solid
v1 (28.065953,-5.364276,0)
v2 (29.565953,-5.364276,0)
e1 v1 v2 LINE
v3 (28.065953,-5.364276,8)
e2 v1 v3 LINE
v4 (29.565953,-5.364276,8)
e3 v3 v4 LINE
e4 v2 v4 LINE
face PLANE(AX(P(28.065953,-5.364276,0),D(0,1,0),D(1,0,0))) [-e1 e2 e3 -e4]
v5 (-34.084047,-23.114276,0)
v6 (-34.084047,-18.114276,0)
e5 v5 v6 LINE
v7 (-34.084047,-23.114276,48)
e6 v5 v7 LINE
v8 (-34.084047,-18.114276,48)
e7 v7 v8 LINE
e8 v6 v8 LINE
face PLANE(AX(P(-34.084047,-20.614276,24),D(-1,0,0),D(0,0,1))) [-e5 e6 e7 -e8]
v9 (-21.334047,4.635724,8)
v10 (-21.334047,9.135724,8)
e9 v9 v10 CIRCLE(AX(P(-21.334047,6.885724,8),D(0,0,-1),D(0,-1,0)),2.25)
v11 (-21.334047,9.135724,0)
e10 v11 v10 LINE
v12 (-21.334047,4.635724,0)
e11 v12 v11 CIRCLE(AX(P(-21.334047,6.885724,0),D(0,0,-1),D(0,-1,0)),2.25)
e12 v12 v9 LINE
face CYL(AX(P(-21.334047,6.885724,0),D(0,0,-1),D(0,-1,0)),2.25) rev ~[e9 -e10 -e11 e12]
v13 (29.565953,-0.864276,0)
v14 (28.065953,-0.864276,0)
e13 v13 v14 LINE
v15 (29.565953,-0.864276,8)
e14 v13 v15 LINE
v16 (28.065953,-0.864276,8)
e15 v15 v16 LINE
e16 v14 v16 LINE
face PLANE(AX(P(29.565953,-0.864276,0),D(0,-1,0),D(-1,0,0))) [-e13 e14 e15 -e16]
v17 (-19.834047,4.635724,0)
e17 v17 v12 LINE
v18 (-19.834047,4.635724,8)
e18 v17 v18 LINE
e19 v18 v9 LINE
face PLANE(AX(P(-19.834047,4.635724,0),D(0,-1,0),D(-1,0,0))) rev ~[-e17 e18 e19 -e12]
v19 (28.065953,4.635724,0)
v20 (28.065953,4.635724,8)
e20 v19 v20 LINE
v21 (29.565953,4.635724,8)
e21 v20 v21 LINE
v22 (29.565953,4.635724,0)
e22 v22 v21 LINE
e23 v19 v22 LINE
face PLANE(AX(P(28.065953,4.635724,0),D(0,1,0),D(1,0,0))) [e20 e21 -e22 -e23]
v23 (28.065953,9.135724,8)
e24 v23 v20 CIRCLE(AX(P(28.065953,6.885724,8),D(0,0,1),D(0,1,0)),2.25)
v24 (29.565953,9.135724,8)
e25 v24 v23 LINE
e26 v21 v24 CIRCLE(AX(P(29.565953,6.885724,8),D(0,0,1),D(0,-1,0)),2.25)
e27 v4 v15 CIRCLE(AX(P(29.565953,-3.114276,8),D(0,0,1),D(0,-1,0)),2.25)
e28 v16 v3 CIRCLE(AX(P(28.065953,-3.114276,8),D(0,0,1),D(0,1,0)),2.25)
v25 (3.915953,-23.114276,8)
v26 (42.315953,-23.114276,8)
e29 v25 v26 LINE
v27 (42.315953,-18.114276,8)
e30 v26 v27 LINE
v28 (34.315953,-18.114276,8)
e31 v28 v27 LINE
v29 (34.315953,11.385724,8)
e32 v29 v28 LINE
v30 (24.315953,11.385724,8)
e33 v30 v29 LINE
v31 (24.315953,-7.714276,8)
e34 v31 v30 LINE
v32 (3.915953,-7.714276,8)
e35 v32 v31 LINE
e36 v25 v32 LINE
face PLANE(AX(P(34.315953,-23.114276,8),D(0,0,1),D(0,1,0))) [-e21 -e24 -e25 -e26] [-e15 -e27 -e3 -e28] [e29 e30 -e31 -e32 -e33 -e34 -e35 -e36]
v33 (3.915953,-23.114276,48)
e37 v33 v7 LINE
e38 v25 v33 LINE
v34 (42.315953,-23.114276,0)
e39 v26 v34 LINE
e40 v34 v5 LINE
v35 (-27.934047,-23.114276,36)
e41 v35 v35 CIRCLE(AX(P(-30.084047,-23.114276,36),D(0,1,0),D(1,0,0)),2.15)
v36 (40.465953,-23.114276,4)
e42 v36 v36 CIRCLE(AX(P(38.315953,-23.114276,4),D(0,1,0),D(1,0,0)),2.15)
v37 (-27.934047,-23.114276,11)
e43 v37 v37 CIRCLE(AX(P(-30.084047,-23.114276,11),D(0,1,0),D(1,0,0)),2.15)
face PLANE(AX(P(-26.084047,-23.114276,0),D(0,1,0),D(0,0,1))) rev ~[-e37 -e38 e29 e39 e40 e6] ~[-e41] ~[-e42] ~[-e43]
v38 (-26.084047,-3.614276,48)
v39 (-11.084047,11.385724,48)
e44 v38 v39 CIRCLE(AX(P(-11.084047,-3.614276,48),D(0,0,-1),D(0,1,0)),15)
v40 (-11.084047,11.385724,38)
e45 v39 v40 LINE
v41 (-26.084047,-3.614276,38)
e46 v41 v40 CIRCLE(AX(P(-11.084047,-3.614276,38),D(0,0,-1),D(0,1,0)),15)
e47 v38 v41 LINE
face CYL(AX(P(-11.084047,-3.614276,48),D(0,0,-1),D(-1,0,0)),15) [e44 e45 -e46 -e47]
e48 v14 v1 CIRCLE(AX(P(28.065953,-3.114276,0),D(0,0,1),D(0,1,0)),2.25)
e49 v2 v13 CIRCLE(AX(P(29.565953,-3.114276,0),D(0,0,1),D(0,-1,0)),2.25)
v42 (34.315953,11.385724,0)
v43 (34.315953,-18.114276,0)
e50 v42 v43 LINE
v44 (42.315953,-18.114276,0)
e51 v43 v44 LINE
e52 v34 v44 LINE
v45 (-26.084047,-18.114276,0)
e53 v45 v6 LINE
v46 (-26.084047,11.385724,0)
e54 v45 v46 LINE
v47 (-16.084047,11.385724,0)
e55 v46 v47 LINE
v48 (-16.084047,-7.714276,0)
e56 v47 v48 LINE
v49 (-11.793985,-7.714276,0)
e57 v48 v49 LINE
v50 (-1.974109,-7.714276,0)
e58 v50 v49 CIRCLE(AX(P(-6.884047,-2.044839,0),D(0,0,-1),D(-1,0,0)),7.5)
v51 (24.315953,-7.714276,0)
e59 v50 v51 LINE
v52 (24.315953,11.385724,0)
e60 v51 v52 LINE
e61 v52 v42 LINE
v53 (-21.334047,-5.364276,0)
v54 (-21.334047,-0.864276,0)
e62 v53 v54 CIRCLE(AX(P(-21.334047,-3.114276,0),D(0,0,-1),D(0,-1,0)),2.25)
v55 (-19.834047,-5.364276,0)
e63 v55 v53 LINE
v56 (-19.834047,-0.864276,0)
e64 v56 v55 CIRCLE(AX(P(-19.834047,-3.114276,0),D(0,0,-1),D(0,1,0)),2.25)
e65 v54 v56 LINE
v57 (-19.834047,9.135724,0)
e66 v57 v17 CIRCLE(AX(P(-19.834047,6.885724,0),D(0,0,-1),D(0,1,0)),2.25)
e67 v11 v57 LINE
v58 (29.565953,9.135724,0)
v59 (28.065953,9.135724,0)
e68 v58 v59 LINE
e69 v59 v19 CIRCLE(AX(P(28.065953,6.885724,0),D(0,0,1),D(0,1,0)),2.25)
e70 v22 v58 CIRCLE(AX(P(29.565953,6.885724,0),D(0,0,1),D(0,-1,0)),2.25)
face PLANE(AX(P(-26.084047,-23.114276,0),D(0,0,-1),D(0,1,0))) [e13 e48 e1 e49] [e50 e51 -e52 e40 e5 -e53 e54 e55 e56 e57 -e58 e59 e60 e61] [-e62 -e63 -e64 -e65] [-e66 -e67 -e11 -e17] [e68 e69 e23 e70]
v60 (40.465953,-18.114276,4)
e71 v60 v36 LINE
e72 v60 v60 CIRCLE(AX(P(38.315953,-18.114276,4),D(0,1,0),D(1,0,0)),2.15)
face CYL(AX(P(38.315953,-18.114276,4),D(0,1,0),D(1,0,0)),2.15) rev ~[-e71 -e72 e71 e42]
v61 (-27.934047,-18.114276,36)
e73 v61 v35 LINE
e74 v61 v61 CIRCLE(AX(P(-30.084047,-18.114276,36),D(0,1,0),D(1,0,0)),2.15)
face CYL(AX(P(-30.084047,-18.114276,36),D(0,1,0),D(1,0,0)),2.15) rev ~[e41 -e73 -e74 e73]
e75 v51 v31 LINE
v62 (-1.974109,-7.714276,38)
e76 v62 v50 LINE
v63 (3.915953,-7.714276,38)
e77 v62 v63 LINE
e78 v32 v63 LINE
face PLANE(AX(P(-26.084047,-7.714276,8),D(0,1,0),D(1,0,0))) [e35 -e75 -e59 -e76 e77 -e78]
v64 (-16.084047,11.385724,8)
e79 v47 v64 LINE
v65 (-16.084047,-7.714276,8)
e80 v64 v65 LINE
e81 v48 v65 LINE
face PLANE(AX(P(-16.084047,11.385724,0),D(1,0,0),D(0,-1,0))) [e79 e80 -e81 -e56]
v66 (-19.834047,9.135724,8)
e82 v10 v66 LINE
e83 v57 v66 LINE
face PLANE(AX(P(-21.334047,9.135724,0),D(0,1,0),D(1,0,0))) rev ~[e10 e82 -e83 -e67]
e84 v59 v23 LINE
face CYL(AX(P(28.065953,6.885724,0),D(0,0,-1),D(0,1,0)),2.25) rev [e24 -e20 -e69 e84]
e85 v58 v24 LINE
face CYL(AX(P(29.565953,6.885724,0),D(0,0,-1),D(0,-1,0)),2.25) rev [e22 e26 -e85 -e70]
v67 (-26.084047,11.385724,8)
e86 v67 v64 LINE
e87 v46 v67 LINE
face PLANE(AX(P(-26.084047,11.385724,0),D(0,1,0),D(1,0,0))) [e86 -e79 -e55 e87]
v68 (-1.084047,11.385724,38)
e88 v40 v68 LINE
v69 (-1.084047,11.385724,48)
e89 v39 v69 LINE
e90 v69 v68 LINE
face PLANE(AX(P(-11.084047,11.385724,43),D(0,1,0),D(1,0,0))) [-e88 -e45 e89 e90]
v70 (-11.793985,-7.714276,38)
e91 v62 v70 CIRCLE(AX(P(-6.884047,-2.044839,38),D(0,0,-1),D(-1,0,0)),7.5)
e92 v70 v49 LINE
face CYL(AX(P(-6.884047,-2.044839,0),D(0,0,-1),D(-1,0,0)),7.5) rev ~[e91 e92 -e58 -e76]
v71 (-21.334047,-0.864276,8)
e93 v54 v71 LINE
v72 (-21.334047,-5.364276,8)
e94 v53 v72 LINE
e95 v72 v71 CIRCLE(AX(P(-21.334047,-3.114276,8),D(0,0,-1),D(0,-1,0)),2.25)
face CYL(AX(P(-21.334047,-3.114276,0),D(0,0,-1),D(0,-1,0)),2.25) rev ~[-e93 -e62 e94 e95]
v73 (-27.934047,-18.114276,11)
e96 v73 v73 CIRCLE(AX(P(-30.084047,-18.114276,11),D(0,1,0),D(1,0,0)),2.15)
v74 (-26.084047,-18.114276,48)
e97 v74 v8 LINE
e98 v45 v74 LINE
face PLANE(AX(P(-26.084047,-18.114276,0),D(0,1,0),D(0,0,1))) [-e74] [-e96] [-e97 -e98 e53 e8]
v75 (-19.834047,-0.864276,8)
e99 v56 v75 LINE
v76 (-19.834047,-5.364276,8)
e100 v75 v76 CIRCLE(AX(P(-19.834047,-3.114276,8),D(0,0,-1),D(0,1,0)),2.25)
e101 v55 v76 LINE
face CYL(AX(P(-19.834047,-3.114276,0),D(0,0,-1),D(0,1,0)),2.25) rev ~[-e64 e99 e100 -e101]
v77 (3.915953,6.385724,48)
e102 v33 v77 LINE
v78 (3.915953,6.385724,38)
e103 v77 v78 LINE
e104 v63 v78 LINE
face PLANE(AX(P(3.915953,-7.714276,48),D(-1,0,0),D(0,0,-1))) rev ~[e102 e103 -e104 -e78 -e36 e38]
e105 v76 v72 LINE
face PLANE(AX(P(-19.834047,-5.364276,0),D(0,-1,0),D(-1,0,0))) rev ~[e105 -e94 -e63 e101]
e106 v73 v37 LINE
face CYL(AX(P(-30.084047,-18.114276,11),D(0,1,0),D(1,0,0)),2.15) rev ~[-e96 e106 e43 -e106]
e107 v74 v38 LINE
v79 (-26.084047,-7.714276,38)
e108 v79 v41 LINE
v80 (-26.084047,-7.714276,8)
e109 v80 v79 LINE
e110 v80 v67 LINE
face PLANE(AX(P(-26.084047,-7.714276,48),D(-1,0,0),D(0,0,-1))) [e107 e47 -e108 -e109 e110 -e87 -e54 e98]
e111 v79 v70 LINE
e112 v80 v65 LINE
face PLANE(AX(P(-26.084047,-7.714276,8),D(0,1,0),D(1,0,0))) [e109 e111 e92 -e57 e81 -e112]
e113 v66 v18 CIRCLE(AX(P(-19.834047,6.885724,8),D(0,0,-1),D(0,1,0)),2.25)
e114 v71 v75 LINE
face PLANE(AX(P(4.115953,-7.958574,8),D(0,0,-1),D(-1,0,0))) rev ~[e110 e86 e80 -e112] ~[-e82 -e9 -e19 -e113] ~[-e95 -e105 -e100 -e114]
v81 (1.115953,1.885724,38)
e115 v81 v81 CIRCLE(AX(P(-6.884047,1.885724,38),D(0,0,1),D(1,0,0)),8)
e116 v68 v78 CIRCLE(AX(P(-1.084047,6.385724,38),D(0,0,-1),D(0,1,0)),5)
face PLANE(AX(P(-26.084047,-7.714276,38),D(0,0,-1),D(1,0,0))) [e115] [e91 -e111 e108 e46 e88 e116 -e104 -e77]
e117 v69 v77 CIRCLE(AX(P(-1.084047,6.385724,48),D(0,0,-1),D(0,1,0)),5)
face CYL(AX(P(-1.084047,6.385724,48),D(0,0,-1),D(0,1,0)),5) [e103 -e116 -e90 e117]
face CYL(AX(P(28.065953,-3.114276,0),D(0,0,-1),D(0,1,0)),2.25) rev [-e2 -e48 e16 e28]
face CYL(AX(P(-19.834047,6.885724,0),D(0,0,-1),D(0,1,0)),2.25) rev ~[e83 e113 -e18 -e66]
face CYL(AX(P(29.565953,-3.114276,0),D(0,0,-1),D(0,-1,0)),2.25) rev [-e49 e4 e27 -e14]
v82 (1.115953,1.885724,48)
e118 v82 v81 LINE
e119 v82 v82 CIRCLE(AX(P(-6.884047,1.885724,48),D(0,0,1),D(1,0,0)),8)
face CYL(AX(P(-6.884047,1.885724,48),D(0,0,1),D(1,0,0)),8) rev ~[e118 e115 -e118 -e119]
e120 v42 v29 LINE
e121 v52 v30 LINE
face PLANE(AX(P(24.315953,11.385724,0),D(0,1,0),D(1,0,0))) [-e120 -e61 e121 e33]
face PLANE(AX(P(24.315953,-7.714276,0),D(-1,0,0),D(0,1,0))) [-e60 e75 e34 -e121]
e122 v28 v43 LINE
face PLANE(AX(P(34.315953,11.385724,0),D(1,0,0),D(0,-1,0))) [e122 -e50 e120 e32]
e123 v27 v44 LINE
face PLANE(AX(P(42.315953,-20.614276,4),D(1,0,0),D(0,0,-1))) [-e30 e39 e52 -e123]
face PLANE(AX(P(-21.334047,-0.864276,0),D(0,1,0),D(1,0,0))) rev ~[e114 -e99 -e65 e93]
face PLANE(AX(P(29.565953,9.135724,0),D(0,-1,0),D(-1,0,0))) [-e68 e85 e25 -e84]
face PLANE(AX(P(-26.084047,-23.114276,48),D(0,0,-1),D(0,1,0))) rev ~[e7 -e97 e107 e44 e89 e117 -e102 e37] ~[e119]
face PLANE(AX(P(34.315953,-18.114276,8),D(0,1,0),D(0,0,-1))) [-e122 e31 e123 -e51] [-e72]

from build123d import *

# Parameters (mm, degrees)
BOSS_EXTRUDE1_DEPTH = 8
SKETCH7_W           = 30
SKETCH7_H           = 15.4
BOSS_EXTRUDE2_DEPTH = 40
SKETCH8_W           = 30
SKETCH8_H           = 10
BOSS_EXTRUDE3_DEPTH = 19.1
SKETCH9_R           = 8
CUT_EXTRUDE1_DEPTH  = 10
FILLET2_R           = 15
FILLET3_R           = 5
SKETCH11_R          = 7.5
CUT_EXTRUDE2_DEPTH  = 38
SKETCH14_W          = 8
SKETCH14_H          = 5
BOSS_EXTRUDE5_DEPTH = 8
SKETCH15_W          = 48
SKETCH15_H          = 5
BOSS_EXTRUDE6_DEPTH = 8
SKETCH16_R          = 2.15
CUT_EXTRUDE4_DEPTH  = 5


with BuildPart() as part:
    # Sketch6 → Boss-Extrude1 (new body)
    with BuildSketch(Plane.XY):
        Polygon((-16.08404704, 11.385723939), (-16.08404704, -7.714276061), (24.31595296, -7.714276061), (24.31595296, 11.385723939), (34.31595296, 11.385723939), (34.31595296, -23.114276061), (-26.08404704, -23.114276061), (-26.08404704, 11.385723939), align=None)
        with BuildLine():
            Line((-19.83404704, 4.635723939), (-21.33404704, 4.635723939))
            ThreePointArc((-21.33404704, 4.635723939), (-23.58404704, 6.885723939), (-21.33404704, 9.135723939))
            Line((-21.33404704, 9.135723939), (-19.83404704, 9.135723939))
            ThreePointArc((-19.83404704, 9.135723939), (-17.58404704, 6.885723939), (-19.83404704, 4.635723939))
        make_face(mode=Mode.SUBTRACT)
        with BuildLine():
            Line((-19.83404704, -5.364276061), (-21.33404704, -5.364276061))
            ThreePointArc((-21.33404704, -5.364276061), (-23.58404704, -3.114276061), (-21.33404704, -0.864276061))
            Line((-21.33404704, -0.864276061), (-19.83404704, -0.864276061))
            ThreePointArc((-19.83404704, -0.864276061), (-17.58404704, -3.114276061), (-19.83404704, -5.364276061))
        make_face(mode=Mode.SUBTRACT)
        with BuildLine():
            Line((28.06595296, -5.364276061), (29.56595296, -5.364276061))
            ThreePointArc((29.56595296, -5.364276061), (31.81595296, -3.114276061), (29.56595296, -0.864276061))
            Line((29.56595296, -0.864276061), (28.06595296, -0.864276061))
            ThreePointArc((28.06595296, -0.864276061), (25.81595296, -3.114276061), (28.06595296, -5.364276061))
        make_face(mode=Mode.SUBTRACT)
        with BuildLine():
            Line((28.06595296, 4.635723939), (29.56595296, 4.635723939))
            ThreePointArc((29.56595296, 4.635723939), (31.81595296, 6.885723939), (29.56595296, 9.135723939))
            Line((29.56595296, 9.135723939), (28.06595296, 9.135723939))
            ThreePointArc((28.06595296, 9.135723939), (25.81595296, 6.885723939), (28.06595296, 4.635723939))
        make_face(mode=Mode.SUBTRACT)
    extrude(amount=BOSS_EXTRUDE1_DEPTH)

    # Sketch7 → Boss-Extrude2 (add)
    with BuildSketch(Plane.XY.offset(8)):
        with Locations((-11.08404704, -15.414276061)):
            Rectangle(SKETCH7_W, SKETCH7_H)
    extrude(amount=BOSS_EXTRUDE2_DEPTH)

    # Sketch8 → Boss-Extrude3 (add)
    with BuildSketch(Plane(origin=(0, -7.714276061, 0), x_dir=(1, 0, 0), z_dir=(0, 1, 0))):
        with Locations((-11.08404704, -43)):
            Rectangle(SKETCH8_W, SKETCH8_H)
    extrude(amount=BOSS_EXTRUDE3_DEPTH)

    # Sketch9 → Cut-Extrude1 (cut)
    with BuildSketch(Plane.XY.offset(48)):
        with Locations((-6.88404704, 1.885723939)):
            Circle(SKETCH9_R)
    extrude(amount=-CUT_EXTRUDE1_DEPTH, mode=Mode.SUBTRACT)

    # Fillet2
    fillet2_edges = [part.edges().sort_by_distance(p)[0] for p in [
        (-26.08404704, 11.385723939, 43),
    ]]
    fillet(fillet2_edges, radius=FILLET2_R)

    # Fillet3
    fillet3_edges = [part.edges().sort_by_distance(p)[0] for p in [
        (3.91595296, 11.385723939, 43),
    ]]
    fillet(fillet3_edges, radius=FILLET3_R)

    # Sketch11 → Cut-Extrude2 (cut)
    with BuildSketch(Plane(origin=(0, 0, 0), x_dir=(-1, 0, 0), z_dir=(0, 0, -1))):
        with Locations((6.88404704, -2.044839291)):
            Circle(SKETCH11_R)
    extrude(amount=-CUT_EXTRUDE2_DEPTH, mode=Mode.SUBTRACT)

    # Sketch14 → Boss-Extrude5 (add)
    with BuildSketch(Plane(origin=(34.31595296, 0, 0), x_dir=(0, 0, -1), z_dir=(1, 0, 0))):
        with Locations((-4, -20.614276061)):
            Rectangle(SKETCH14_W, SKETCH14_H)
    extrude(amount=BOSS_EXTRUDE5_DEPTH)

    # Sketch15 → Boss-Extrude6 (add)
    with BuildSketch(Plane.ZY.offset(26.08404704)):
        with Locations((24, -20.614276061)):
            Rectangle(SKETCH15_W, SKETCH15_H)
    extrude(amount=BOSS_EXTRUDE6_DEPTH)

    # Sketch16 → Cut-Extrude4 (cut)
    with BuildSketch(Plane(origin=(0, -18.114276061, 0), x_dir=(1, 0, 0), z_dir=(0, 1, 0))):
        with Locations((-30.08404704, -11)):
            Circle(SKETCH16_R)
        with Locations((-30.08404704, -36)):
            Circle(SKETCH16_R)
        with Locations((38.31595296, -4)):
            Circle(SKETCH16_R)
    extrude(amount=-CUT_EXTRUDE4_DEPTH, mode=Mode.SUBTRACT)


solid = part.part
